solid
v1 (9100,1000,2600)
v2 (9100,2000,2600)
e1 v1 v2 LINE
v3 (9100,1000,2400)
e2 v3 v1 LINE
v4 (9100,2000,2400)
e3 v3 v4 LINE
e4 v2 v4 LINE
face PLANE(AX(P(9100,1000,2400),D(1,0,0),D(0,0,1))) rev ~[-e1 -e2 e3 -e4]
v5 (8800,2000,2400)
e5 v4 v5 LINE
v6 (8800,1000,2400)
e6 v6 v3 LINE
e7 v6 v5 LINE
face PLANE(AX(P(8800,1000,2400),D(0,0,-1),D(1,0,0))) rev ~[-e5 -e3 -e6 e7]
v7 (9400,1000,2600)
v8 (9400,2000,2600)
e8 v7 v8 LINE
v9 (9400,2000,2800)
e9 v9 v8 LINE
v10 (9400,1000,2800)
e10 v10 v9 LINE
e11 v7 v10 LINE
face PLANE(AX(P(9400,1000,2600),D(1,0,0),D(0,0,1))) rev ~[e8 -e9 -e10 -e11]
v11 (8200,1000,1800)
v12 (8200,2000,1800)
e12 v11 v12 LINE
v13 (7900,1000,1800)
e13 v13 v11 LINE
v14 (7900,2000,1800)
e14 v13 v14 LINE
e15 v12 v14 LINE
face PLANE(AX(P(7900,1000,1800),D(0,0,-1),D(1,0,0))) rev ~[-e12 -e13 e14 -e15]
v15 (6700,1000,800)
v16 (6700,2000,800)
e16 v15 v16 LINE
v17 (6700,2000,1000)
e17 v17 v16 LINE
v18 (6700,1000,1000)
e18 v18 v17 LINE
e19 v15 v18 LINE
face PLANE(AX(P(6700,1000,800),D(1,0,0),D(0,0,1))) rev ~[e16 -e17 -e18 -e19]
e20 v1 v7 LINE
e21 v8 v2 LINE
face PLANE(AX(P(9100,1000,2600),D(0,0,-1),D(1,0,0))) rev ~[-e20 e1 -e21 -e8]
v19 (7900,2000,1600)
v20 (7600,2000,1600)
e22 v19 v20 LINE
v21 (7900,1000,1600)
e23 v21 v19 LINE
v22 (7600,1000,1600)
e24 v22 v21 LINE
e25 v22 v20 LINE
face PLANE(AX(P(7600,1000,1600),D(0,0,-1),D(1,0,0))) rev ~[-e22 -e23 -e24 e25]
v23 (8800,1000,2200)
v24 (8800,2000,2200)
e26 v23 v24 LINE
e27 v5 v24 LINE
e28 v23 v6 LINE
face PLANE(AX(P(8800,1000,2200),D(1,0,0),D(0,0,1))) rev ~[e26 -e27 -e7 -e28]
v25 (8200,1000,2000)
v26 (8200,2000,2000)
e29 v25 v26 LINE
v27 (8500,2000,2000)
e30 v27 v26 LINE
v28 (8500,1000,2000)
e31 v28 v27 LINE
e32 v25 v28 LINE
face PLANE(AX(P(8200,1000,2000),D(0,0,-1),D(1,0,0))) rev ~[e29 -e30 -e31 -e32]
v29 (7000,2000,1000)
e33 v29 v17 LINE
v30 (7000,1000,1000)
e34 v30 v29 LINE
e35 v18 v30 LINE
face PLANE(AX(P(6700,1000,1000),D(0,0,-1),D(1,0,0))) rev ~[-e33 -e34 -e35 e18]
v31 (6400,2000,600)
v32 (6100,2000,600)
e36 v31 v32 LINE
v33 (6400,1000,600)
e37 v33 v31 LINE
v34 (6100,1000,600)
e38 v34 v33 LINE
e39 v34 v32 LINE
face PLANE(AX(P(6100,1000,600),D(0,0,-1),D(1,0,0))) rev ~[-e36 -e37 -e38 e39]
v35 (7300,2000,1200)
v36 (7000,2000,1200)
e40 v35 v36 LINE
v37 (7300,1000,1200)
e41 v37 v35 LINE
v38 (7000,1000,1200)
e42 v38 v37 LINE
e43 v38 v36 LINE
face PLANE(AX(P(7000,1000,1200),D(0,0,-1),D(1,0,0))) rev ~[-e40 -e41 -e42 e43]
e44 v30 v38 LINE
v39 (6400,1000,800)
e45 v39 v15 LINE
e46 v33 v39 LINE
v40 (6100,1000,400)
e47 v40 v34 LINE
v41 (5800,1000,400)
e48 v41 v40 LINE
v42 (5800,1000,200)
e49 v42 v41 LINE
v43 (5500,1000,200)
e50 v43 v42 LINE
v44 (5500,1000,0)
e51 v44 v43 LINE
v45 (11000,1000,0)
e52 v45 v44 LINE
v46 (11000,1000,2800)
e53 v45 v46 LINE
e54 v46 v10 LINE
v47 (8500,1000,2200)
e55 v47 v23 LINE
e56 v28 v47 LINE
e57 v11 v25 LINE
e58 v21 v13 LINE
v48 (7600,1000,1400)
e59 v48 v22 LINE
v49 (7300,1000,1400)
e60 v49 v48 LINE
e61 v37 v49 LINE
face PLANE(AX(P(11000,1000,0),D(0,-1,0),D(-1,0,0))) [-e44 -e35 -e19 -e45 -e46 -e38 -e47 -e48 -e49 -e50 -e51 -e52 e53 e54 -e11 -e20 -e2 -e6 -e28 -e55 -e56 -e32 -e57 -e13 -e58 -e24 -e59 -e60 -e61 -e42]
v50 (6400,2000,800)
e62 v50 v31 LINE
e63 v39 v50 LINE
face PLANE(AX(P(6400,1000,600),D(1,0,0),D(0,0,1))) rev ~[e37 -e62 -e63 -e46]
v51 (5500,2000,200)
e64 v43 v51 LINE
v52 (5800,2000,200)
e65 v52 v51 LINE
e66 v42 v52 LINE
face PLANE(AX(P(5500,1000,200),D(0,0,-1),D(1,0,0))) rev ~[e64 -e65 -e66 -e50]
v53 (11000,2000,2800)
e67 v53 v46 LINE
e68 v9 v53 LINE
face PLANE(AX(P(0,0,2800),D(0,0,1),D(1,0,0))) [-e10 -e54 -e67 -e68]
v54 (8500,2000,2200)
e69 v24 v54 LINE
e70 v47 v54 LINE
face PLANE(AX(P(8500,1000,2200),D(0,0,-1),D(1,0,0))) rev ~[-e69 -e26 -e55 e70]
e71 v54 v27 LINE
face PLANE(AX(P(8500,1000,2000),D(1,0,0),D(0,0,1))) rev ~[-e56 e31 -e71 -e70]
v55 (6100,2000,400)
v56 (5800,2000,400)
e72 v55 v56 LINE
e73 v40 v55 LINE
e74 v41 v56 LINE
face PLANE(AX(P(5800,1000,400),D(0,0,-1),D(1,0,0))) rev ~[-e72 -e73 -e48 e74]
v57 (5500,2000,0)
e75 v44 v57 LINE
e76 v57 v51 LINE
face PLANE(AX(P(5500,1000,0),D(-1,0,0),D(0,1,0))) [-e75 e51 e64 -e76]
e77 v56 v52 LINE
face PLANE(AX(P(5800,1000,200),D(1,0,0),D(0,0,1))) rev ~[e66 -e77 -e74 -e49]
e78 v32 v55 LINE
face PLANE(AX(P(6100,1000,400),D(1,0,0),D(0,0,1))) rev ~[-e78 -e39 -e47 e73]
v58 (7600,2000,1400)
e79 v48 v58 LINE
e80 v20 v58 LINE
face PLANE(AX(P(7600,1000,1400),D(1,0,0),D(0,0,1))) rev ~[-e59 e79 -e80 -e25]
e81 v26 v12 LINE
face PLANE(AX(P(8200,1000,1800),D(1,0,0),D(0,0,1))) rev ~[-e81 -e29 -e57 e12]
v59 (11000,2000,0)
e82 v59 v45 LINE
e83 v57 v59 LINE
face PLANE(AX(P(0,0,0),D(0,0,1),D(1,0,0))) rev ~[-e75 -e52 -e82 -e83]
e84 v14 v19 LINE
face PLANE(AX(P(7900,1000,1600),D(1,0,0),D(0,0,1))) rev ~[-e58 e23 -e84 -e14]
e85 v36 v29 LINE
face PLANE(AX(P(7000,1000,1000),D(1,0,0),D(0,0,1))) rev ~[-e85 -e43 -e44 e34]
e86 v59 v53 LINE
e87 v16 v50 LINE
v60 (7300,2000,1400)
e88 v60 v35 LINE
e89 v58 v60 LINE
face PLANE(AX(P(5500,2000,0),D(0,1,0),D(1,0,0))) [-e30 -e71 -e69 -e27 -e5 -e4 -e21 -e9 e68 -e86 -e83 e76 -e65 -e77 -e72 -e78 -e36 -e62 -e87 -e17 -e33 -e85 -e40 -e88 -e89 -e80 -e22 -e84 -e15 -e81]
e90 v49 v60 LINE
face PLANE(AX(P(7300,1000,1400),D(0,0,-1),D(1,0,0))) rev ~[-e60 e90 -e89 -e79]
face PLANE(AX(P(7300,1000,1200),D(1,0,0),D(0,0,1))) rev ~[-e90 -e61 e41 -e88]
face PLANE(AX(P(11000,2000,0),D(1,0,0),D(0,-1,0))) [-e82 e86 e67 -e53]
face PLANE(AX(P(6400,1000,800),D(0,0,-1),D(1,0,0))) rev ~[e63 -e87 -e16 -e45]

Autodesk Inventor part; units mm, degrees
ref_plane "YZ Plane" through (0, 0, 0) normal (1, 0, 0) x (0, 1, 0)
ref_plane "XZ Plane" through (0, 0, 0) normal (0, 1, 0) x (-1, 0, 0)
ref_plane "XY Plane" through (0, 0, 0) normal (0, 0, 1) x (1, 0, 0)
sketch "スケッチ1" plane through (0, 0, 0) normal (0, 0, 1) x (1, 0, 0)
  line L0 (5500, 2000) -> (11000, 2000)
  line L1 (11000, 2000) -> (11000, 1000)
  line L2 (11000, 1000) -> (5500, 1000)
  line L3 (5500, 1000) -> (5500, 2000)
  point P0 (0, 0)
  dimension "d13" = 5500
  dimension "d23" = 1000
  dimension "d24" = 5500
  dimension "d28" = 1000
extrude "押し出し1" add sketch "スケッチ1" along normal blind 2800
sketch "スケッチ6" plane through (5500, 1000, 0) normal (0, -1, 0) x (1, 0, 0)
  line L0 (0, 0) -> (0, 2800) projected
  line L1 (0, 200) -> (300, 200)
  line L2 (300, 200) -> (300, 400)
  line L3 (300, 400) -> (600, 400)
  line L4 (600, 400) -> (600, 600)
  line L5 (600, 600) -> (900, 600)
  line L6 (900, 600) -> (900, 800)
  line L7 (900, 800) -> (1200, 800)
  line L8 (1200, 800) -> (1200, 1000)
  line L9 (1200, 1000) -> (1500, 1000)
  line L10 (1500, 1000) -> (1500, 1200)
  line L11 (1500, 1200) -> (1800, 1200)
  line L12 (0, 0) -> (5500, 0) projected
  line L13 (1800, 1200) -> (1800, 1400)
  line L14 (1800, 1400) -> (2100, 1400)
  line L15 (2100, 1400) -> (2100, 1600)
  line L16 (2100, 1600) -> (2400, 1600)
  line L17 (2400, 1600) -> (2400, 1800)
  line L18 (2400, 1800) -> (2700, 1800)
  line L19 (2700, 1800) -> (2700, 2000)
  line L20 (2700, 2000) -> (3000, 2000)
  line L21 (3000, 2000) -> (3000, 2200)
  line L22 (3000, 2200) -> (3300, 2200)
  line L23 (3300, 2200) -> (3300, 2400)
  line L24 (3300, 2400) -> (3600, 2400)
  line L25 (3600, 2400) -> (3600, 2600)
  line L26 (3600, 2600) -> (3900, 2600)
  line L27 (3900, 2600) -> (3900, 2800)
  line L28 (0, 2800) -> (5500, 2800) projected
  point P0 (-5500, 0)
  dimension "d29" = 300
  dimension "d30" = 300
  dimension "d31" = 300
  dimension "d32" = 300
  dimension "d33" = 300
  dimension "d34" = 300
  dimension "d35" = 200
  dimension "d36" = 200
  dimension "d37" = 200
  dimension "d38" = 200
  dimension "d39" = 200
  dimension "d40" = 200
  dimension "d41" = 300
  dimension "d42" = 300
  dimension "d43" = 300
  dimension "d44" = 300
  dimension "d45" = 300
  dimension "d46" = 300
  dimension "d47" = 200
  dimension "d48" = 200
  dimension "d49" = 200
  dimension "d50" = 200
  dimension "d51" = 200
  dimension "d52" = 200
  dimension "d53" = 300
  dimension "d54" = 200
extrude "押し出し6" cut sketch "スケッチ6" against normal through all
properties part number "Stairs"
